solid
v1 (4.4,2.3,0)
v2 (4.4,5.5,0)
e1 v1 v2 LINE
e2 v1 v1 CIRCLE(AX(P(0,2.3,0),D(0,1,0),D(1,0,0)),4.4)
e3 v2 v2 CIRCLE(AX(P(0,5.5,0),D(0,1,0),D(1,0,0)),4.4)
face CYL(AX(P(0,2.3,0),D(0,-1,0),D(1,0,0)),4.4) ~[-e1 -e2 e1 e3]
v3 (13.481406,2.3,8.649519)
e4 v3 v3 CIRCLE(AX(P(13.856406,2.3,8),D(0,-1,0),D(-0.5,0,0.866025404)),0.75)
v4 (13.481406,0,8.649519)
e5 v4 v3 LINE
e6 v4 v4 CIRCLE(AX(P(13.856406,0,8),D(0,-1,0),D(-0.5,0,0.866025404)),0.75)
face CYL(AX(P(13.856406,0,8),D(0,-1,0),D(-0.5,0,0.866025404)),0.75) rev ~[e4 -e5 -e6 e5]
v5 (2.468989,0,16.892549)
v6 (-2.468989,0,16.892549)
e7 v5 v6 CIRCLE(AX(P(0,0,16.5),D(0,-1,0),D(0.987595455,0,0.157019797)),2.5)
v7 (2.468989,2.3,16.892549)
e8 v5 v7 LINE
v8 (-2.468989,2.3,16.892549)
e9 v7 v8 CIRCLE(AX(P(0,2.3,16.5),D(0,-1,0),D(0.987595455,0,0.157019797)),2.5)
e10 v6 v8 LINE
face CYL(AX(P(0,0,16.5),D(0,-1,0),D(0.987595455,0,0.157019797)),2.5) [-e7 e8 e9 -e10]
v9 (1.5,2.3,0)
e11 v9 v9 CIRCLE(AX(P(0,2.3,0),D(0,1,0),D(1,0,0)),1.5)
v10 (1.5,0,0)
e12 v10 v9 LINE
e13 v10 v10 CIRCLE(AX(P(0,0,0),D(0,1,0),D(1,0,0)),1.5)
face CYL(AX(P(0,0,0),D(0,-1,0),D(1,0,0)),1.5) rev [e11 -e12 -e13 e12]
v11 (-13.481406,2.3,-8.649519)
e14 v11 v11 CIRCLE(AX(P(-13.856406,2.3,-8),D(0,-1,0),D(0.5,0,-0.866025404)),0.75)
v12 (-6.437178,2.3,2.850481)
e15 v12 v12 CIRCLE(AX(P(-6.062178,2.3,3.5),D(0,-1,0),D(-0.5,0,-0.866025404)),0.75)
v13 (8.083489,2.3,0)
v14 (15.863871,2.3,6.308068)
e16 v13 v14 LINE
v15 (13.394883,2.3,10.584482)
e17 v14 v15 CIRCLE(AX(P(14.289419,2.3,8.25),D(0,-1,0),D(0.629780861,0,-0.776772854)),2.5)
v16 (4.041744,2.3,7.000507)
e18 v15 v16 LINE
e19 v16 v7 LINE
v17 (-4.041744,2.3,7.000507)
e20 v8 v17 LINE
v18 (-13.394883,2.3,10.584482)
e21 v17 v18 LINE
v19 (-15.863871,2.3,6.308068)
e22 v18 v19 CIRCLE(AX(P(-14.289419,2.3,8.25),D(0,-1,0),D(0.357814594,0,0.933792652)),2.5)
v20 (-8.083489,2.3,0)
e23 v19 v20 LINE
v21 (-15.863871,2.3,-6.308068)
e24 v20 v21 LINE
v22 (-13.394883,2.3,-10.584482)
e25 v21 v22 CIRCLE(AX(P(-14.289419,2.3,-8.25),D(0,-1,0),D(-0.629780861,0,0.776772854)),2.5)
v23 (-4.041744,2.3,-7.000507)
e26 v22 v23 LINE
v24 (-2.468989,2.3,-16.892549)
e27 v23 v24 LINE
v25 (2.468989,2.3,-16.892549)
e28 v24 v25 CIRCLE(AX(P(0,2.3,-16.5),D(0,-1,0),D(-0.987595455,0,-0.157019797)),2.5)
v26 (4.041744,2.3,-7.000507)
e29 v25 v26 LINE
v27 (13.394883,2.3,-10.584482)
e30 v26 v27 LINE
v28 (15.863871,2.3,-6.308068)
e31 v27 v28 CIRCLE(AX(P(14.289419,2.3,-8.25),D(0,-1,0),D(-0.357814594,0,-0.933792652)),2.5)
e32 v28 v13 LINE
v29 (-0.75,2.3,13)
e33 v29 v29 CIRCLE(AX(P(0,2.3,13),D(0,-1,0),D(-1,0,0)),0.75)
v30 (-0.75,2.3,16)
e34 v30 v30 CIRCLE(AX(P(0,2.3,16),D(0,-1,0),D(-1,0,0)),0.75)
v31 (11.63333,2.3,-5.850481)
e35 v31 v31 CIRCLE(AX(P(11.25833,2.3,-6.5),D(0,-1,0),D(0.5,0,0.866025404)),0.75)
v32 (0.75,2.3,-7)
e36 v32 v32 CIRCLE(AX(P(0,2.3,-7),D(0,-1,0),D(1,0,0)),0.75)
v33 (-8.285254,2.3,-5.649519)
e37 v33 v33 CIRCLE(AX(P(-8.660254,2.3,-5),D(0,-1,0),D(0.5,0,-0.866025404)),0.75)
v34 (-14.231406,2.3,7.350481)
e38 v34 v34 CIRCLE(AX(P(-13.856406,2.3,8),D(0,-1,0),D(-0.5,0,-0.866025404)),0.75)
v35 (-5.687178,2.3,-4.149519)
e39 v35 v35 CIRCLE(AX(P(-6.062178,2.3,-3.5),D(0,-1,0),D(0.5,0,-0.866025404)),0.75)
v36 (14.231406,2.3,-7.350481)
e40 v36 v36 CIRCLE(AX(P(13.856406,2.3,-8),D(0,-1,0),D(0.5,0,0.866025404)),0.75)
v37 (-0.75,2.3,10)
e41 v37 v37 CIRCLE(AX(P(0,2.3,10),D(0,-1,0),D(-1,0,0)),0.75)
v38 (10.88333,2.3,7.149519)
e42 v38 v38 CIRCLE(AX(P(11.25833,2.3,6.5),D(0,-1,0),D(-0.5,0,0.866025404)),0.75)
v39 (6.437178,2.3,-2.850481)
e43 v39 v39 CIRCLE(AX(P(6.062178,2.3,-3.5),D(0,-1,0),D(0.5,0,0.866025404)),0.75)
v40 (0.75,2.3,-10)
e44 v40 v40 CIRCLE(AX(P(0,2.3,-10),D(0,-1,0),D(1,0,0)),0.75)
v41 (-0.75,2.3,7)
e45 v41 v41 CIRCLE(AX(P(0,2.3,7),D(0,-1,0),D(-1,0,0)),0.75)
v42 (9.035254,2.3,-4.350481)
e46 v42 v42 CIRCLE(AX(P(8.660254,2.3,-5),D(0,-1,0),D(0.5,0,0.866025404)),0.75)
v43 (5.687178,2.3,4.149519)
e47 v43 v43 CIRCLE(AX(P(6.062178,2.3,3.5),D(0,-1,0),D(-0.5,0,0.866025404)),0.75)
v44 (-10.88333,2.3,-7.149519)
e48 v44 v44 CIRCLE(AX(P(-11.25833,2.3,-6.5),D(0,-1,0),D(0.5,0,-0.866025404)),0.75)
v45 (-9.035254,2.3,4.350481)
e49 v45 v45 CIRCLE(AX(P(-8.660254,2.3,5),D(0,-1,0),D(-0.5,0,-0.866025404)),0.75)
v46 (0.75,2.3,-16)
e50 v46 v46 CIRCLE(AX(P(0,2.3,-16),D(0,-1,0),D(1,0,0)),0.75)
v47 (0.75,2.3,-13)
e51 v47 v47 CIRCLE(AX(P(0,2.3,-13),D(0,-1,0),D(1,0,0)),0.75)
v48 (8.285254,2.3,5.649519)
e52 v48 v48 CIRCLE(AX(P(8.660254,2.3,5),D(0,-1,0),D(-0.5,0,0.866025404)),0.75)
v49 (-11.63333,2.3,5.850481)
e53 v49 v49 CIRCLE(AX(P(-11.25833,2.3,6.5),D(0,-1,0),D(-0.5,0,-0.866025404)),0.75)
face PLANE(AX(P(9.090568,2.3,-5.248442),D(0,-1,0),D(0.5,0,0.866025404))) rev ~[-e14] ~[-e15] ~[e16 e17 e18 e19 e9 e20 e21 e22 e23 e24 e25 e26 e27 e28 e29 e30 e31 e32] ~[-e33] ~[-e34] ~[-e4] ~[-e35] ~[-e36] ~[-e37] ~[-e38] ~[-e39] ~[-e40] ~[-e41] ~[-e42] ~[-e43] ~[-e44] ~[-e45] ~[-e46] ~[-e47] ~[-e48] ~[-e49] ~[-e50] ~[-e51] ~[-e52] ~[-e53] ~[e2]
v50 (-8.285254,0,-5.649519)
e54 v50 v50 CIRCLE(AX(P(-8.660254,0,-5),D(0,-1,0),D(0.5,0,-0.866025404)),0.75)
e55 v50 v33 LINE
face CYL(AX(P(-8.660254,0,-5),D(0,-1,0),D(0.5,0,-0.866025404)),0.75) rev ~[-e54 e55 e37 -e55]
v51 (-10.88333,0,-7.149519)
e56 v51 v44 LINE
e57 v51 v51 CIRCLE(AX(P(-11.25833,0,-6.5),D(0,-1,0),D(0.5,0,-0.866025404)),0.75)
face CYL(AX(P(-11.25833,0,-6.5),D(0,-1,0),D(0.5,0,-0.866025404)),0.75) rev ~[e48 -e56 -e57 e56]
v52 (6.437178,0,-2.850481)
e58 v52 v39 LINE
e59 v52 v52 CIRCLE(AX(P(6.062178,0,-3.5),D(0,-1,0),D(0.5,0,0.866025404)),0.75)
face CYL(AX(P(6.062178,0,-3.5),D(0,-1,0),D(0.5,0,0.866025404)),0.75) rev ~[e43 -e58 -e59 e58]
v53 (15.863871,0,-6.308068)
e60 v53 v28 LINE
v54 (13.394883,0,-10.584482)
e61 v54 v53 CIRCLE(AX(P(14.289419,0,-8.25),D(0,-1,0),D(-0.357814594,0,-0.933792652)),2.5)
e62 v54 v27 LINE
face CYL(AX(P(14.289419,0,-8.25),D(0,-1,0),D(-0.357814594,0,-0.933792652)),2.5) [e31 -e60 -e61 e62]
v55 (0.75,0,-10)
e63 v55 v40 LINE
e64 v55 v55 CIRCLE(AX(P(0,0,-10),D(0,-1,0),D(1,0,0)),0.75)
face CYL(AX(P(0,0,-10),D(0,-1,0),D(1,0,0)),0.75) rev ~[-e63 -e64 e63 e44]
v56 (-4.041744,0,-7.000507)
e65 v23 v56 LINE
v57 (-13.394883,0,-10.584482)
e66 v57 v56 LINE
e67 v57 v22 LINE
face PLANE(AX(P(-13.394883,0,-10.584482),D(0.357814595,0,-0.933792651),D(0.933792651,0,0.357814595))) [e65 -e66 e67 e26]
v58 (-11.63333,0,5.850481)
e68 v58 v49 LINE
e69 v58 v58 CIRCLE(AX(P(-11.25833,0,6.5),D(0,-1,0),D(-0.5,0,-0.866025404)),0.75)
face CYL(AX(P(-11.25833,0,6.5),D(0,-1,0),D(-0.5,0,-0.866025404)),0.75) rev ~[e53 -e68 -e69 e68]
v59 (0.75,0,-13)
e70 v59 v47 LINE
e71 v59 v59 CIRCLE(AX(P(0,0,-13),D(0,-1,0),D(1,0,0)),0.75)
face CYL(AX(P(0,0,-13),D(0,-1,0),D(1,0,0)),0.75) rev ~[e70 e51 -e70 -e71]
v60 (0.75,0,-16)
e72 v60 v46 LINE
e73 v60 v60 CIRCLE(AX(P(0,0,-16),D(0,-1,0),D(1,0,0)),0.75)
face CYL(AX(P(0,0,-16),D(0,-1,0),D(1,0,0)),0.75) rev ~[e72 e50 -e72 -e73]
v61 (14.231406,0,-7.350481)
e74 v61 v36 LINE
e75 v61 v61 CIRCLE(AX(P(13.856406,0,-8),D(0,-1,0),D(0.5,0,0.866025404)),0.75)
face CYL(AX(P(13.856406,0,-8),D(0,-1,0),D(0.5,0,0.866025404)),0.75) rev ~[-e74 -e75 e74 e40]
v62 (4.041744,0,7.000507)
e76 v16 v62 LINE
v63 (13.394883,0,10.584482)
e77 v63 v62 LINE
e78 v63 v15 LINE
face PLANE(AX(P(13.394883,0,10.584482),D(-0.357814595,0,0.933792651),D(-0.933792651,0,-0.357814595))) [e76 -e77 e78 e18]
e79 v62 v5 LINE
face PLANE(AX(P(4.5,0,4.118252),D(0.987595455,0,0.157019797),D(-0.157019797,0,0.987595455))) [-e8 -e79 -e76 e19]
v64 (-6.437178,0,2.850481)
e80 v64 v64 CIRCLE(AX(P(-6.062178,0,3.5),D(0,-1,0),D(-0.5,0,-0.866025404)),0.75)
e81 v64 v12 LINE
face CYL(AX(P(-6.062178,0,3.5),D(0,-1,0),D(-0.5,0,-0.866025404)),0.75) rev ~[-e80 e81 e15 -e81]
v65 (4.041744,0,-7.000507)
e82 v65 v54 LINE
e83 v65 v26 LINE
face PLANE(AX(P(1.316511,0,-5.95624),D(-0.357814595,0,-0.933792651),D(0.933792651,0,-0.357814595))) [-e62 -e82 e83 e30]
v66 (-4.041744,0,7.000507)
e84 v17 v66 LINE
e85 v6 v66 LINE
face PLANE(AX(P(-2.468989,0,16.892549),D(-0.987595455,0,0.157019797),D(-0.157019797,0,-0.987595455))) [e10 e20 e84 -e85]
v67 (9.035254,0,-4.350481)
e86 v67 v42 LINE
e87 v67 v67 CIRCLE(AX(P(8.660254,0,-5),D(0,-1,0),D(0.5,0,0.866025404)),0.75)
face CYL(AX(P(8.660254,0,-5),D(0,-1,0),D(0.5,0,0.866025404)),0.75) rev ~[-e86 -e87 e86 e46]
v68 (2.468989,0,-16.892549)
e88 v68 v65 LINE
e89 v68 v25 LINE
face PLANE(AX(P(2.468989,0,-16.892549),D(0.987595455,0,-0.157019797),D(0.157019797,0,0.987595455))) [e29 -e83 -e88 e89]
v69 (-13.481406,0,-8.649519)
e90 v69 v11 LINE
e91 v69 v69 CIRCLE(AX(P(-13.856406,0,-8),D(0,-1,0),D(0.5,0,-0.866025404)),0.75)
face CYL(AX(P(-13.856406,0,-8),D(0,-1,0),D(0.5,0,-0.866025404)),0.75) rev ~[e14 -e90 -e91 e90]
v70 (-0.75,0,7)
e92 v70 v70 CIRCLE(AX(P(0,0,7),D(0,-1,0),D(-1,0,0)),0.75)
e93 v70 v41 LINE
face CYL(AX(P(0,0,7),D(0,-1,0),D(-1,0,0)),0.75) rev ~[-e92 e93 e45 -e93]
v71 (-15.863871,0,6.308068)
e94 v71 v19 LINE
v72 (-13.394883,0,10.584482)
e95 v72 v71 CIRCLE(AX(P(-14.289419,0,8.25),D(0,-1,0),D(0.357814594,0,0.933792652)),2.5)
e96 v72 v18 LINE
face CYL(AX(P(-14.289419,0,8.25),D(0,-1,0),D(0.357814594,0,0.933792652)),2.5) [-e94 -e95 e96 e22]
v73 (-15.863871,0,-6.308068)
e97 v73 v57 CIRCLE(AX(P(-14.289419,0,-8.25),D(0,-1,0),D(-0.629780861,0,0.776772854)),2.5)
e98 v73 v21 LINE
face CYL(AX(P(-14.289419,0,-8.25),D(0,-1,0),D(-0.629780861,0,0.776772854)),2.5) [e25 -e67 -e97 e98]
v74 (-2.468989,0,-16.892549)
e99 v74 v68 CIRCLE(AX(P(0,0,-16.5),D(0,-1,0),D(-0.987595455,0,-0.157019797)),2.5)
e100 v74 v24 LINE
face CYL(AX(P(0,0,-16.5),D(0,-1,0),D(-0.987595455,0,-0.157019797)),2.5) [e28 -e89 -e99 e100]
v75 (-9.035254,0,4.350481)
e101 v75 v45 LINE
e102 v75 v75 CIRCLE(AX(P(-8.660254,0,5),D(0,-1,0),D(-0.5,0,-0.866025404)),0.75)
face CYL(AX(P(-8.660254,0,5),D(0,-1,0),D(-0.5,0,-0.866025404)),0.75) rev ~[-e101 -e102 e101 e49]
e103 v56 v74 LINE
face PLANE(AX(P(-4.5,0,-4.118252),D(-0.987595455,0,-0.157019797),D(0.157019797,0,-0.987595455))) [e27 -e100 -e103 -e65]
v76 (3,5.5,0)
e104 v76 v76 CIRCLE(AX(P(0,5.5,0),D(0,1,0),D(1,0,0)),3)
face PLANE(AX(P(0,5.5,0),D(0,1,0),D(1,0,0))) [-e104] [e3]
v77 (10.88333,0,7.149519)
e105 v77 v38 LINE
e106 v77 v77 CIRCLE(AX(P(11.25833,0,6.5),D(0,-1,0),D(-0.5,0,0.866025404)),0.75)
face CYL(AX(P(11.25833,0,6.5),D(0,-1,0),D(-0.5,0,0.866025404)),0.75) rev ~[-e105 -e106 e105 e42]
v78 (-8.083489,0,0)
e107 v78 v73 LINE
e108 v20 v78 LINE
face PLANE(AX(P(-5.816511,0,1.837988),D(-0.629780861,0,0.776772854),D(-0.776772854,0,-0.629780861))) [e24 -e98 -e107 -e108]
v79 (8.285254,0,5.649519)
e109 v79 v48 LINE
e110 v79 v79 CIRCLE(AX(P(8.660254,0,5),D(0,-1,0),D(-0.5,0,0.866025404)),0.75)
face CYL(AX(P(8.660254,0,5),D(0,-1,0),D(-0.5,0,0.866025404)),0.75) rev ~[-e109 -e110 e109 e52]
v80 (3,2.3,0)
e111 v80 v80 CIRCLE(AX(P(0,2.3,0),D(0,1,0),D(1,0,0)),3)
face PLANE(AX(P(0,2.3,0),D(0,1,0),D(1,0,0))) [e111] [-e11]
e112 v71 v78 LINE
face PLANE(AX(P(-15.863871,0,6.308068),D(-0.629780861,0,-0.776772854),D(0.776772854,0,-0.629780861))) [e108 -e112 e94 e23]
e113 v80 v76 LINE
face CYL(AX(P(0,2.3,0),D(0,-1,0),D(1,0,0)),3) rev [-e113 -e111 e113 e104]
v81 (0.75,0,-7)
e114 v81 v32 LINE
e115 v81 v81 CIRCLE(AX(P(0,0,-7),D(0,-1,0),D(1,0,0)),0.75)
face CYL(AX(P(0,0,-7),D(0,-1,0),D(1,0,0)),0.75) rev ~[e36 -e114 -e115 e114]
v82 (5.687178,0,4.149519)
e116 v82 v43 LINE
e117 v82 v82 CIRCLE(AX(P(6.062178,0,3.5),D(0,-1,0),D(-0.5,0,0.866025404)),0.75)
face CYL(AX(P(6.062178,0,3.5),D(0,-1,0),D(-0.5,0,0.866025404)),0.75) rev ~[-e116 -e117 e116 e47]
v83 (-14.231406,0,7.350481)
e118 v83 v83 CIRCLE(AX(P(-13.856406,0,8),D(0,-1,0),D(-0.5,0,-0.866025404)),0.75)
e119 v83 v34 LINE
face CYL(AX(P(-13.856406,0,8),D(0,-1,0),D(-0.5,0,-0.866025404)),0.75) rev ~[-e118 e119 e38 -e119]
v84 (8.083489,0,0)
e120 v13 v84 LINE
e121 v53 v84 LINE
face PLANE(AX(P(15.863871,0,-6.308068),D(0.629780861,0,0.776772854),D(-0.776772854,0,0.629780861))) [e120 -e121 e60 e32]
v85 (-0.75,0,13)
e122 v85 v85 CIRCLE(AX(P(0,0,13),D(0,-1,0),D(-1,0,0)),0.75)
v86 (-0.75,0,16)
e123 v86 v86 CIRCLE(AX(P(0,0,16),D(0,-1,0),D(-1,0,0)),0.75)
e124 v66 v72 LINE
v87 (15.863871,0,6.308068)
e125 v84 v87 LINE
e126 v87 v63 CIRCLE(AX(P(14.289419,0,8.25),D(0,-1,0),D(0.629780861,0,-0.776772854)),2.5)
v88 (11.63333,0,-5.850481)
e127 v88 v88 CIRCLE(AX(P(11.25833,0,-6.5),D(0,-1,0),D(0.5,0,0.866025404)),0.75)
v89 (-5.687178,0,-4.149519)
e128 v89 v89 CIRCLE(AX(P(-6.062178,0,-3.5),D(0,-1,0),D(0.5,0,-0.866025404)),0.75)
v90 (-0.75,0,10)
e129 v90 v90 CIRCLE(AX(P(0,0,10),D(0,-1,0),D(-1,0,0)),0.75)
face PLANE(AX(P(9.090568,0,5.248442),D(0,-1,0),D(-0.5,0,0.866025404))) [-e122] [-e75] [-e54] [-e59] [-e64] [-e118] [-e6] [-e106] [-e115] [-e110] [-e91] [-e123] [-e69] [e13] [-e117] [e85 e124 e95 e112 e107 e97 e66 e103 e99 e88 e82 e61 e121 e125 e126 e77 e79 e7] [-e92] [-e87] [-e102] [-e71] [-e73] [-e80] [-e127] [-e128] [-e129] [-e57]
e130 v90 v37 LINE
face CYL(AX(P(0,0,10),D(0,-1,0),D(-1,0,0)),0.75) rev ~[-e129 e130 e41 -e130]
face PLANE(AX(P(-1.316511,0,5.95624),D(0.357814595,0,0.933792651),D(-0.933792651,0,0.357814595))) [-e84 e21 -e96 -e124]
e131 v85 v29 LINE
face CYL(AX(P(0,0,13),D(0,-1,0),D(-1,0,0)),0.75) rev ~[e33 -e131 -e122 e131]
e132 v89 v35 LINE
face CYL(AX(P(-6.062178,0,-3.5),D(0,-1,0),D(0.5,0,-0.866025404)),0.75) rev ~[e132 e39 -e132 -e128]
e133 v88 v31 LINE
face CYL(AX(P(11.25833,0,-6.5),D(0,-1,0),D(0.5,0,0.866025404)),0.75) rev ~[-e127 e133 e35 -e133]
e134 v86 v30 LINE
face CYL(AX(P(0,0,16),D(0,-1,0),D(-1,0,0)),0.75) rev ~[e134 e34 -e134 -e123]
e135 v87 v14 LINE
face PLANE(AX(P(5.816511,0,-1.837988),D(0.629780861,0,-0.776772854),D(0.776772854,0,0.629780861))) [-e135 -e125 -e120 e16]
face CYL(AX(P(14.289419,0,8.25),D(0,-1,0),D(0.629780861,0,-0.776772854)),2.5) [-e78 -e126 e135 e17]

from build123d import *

# Parameters (mm, degrees)
SKETCH1_R           = 6.1
SKETCH1_R_2         = 1.5
BOSS_EXTRUDE1_DEPTH = 2.3
SKETCH2_R           = 4.4
SKETCH2_R_2         = 3
BOSS_EXTRUDE2_DEPTH = 3.2
SKETCH3_R           = 0.75
BOSS_EXTRUDE3_DEPTH = 2.3
CIRPATTERN1_COUNT   = 6


with BuildPart() as part:
    # Sketch1 → Boss-Extrude1 (new body)
    with BuildSketch(Plane(origin=(0, 0, 0), x_dir=(1, 0, 0), z_dir=(0, 1, 0))):
        Circle(SKETCH1_R)
        Circle(SKETCH1_R_2, mode=Mode.SUBTRACT)
    extrude(amount=BOSS_EXTRUDE1_DEPTH)

    # Sketch2 → Boss-Extrude2 (add)
    with BuildSketch(Plane(origin=(0, 2.3, 0), x_dir=(1, 0, 0), z_dir=(0, 1, 0))):
        Circle(SKETCH2_R)
        Circle(SKETCH2_R_2, mode=Mode.SUBTRACT)
    extrude(amount=BOSS_EXTRUDE2_DEPTH)

    # Sketch3 → Boss-Extrude3 (add)
    with BuildSketch(Plane.XZ):
        with BuildLine():
            Line((-4.5, -4.118252056), (-2.468988638, -16.892549493))
            ThreePointArc((-2.468988638, -16.892549493), (0, -19), (2.468988638, -16.892549493))
            Line((2.468988638, -16.892549493), (4.5, -4.118252056))
            ThreePointArc((4.5, -4.118252056), (0, -6.1), (-4.5, -4.118252056))
        make_face()
        with Locations((0, -16)):
            Circle(SKETCH3_R, mode=Mode.SUBTRACT)
        with Locations((0, -13)):
            Circle(SKETCH3_R, mode=Mode.SUBTRACT)
        with Locations((0, -10)):
            Circle(SKETCH3_R, mode=Mode.SUBTRACT)
        with Locations((0, -7)):
            Circle(SKETCH3_R, mode=Mode.SUBTRACT)
    boss_extrude3 = extrude(amount=-BOSS_EXTRUDE3_DEPTH)

    # CirPattern1: Boss-Extrude3 ×6 about axis
    cirpattern1_axis = Axis((0, 0, 0), (0, 1, 0))
    for i in range(1, CIRPATTERN1_COUNT):
        add(boss_extrude3.rotate(cirpattern1_axis, i * 360 / CIRPATTERN1_COUNT))


solid = part.part
